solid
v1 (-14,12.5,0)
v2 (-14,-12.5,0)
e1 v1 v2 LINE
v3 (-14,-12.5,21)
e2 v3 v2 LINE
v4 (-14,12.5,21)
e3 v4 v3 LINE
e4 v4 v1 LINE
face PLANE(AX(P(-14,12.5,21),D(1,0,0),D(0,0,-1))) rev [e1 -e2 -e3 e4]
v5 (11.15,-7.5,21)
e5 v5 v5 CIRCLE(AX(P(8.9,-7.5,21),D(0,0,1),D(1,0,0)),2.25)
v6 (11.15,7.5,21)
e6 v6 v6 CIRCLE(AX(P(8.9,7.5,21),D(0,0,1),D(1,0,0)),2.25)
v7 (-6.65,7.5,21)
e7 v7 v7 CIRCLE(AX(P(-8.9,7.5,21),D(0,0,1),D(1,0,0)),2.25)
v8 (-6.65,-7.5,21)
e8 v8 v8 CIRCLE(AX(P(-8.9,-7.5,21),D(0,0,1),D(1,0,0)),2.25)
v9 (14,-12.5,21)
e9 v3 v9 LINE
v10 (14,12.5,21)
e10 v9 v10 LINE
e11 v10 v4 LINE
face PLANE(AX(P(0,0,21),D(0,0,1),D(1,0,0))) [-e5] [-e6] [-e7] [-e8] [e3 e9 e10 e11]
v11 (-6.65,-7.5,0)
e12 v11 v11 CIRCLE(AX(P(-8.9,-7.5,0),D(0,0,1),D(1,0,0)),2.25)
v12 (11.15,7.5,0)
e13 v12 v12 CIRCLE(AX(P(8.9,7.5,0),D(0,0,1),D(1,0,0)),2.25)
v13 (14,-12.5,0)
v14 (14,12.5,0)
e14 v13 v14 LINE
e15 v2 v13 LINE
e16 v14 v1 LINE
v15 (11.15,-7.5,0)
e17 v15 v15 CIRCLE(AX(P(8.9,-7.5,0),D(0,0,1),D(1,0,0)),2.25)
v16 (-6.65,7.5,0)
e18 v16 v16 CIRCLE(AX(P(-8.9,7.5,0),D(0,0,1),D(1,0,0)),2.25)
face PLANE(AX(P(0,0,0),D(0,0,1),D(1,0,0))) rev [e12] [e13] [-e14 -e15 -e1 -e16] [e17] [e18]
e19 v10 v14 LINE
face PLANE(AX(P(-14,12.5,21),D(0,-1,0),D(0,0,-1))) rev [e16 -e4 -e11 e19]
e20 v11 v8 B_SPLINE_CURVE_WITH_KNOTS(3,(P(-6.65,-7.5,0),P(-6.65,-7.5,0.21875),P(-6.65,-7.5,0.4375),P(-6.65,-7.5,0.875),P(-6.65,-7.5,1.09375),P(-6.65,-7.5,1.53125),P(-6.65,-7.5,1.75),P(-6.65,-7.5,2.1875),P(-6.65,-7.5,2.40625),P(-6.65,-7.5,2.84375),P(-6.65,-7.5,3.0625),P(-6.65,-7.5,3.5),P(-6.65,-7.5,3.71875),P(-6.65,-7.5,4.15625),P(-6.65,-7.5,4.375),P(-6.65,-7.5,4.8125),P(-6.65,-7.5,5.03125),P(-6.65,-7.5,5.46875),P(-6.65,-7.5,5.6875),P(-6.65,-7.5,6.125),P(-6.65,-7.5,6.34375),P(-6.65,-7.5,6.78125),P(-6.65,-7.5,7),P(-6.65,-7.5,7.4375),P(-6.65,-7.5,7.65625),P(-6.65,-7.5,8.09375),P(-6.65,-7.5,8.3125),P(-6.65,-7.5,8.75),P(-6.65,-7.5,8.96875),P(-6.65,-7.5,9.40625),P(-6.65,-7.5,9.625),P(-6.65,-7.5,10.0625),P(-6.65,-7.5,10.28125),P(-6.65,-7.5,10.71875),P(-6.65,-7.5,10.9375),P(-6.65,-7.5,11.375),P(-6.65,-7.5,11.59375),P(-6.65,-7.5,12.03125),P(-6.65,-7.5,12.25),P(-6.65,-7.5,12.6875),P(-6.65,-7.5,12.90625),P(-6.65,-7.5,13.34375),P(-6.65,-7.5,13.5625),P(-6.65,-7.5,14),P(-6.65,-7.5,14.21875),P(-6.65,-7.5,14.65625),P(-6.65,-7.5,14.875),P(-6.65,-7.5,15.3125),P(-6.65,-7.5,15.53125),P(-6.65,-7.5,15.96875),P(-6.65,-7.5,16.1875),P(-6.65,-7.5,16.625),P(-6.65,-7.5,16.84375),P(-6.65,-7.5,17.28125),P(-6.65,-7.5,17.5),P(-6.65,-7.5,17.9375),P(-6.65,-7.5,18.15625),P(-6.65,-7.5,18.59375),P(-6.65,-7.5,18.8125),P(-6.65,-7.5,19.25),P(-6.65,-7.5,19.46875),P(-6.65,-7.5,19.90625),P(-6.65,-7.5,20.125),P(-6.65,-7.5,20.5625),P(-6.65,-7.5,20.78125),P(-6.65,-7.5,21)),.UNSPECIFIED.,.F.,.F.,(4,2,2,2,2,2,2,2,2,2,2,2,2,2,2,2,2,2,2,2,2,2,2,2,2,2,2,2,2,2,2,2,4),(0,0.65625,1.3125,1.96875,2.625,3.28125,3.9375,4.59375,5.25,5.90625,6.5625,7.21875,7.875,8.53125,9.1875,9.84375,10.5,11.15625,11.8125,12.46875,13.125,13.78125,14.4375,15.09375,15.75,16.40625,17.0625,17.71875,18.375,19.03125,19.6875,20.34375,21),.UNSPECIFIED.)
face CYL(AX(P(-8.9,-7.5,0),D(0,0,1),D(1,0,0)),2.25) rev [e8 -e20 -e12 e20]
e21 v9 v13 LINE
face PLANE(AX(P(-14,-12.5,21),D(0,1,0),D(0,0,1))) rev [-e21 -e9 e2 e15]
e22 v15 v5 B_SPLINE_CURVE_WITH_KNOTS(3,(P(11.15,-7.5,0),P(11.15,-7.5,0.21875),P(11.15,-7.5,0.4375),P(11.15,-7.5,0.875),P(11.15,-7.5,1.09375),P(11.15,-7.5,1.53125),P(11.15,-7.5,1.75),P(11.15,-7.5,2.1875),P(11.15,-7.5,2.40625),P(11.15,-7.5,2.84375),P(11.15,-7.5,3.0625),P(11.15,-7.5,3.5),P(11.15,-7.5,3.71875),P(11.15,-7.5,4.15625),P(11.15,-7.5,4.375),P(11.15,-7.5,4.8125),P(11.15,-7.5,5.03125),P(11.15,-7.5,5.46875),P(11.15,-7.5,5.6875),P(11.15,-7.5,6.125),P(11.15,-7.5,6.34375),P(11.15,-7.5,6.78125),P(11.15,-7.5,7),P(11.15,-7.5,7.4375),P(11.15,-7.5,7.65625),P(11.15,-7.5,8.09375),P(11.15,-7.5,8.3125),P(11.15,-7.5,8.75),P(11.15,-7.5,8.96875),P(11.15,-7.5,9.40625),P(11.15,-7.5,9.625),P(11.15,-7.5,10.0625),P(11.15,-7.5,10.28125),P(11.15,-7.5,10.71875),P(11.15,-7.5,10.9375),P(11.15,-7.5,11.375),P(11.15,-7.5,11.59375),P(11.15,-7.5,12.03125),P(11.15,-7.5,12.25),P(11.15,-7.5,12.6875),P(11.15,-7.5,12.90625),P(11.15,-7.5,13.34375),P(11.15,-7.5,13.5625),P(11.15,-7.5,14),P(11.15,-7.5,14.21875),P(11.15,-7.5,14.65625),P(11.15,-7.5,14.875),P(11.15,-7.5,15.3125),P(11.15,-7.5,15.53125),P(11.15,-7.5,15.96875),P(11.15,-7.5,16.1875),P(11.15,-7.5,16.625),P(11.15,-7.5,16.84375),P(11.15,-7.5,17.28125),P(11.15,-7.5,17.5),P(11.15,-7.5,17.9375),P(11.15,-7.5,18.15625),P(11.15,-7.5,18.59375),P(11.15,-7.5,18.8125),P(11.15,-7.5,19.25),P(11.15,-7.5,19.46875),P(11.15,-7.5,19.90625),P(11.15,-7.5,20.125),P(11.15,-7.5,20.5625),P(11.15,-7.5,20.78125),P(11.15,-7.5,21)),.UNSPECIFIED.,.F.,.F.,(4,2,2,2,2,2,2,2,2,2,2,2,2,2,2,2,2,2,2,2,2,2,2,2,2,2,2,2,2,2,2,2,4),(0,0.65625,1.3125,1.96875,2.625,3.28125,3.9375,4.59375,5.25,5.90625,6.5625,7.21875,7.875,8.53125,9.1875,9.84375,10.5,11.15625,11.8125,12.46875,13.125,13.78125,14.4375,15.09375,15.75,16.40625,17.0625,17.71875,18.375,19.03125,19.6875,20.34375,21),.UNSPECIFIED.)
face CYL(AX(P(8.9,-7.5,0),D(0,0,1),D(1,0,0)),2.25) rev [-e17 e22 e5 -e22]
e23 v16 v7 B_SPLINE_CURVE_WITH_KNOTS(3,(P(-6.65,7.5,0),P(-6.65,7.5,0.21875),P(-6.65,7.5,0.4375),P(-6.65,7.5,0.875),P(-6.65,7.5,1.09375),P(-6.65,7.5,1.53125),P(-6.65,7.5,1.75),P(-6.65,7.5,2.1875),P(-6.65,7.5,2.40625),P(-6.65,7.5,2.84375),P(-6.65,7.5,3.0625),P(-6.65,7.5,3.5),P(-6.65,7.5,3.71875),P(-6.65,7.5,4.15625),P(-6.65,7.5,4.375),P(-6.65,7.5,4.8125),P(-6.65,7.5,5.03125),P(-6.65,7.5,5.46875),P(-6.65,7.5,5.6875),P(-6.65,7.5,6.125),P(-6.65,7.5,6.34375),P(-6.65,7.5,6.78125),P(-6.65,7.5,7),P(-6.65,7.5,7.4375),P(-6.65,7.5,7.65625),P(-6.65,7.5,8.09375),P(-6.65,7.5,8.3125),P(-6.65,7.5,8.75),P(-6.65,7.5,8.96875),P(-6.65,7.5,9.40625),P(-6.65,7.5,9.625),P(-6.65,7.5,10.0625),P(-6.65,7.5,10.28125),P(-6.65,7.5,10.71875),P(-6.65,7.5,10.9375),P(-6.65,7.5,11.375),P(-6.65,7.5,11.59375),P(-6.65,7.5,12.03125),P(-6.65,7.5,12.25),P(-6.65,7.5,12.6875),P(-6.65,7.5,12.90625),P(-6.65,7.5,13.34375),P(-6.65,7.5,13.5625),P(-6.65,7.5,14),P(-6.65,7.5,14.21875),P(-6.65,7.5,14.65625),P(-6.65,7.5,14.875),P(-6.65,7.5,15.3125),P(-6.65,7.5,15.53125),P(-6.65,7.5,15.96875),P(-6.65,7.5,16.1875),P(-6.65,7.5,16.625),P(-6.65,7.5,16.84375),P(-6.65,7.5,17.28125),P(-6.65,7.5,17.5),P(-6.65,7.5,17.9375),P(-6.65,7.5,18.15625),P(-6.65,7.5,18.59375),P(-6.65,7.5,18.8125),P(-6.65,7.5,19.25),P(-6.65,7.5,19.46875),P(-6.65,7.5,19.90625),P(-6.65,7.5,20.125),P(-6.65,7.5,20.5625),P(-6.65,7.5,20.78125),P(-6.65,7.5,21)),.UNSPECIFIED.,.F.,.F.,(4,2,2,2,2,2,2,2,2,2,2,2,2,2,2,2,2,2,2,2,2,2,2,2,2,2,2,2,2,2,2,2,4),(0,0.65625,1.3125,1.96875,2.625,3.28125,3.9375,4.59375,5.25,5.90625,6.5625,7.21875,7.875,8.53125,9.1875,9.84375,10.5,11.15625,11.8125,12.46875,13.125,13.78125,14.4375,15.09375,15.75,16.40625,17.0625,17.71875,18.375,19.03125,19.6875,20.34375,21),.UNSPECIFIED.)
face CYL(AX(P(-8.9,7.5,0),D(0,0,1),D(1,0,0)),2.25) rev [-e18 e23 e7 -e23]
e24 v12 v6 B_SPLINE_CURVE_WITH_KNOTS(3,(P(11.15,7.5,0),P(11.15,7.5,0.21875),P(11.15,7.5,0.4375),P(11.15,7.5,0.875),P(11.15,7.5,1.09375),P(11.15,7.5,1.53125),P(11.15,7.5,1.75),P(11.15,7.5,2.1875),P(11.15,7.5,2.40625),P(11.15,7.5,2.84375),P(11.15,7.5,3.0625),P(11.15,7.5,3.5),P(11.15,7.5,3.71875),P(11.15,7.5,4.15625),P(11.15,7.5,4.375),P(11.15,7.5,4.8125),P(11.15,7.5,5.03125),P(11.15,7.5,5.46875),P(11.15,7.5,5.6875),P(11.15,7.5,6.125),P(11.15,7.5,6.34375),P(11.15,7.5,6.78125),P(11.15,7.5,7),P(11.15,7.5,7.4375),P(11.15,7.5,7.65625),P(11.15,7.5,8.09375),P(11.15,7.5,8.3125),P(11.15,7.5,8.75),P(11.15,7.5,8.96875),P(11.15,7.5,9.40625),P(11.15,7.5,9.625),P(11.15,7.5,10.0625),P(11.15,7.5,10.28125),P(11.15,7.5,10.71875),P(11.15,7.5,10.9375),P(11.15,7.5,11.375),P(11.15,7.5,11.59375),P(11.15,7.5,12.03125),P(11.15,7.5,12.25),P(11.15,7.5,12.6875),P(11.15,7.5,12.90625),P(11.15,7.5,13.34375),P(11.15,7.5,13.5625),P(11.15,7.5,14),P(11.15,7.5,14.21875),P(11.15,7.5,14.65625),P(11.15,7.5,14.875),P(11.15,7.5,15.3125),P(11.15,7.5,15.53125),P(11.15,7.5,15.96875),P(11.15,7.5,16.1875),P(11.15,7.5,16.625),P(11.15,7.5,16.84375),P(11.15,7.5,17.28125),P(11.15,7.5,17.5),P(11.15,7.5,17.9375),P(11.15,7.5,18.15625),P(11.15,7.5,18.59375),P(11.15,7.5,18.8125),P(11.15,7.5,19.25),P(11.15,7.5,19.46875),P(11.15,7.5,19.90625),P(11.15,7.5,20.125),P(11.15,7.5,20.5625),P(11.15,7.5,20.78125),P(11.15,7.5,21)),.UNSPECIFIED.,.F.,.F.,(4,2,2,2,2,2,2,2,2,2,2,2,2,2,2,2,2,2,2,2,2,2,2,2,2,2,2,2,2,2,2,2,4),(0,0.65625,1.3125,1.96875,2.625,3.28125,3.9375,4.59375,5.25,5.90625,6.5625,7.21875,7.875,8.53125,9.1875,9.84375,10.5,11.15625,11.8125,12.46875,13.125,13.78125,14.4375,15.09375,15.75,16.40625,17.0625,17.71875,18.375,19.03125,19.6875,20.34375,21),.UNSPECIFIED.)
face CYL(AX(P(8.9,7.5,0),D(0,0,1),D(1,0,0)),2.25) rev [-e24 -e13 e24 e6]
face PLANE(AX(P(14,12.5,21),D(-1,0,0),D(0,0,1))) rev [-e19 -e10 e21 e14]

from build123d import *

# Parameters (mm, degrees)
SKETCH_1_W          = 28
SKETCH_1_H          = 25
EXTRUDE_1_DEPTH     = 21
SKETCH_2_R          = 2.25
CUT_EXTRUDE_1_DEPTH = 21


with BuildPart() as part:
    # 草图1 → 凸台-拉伸1 (new body)
    with BuildSketch(Plane.XY):
        Rectangle(SKETCH_1_W, SKETCH_1_H)
    extrude(amount=EXTRUDE_1_DEPTH)

    # 草图2 → 切除-拉伸1 (cut)
    with BuildSketch(Plane.XY.offset(21)):
        with Locations((-8.9, -7.5)):
            Circle(SKETCH_2_R)
        with Locations((8.9, -7.5)):
            Circle(SKETCH_2_R)
        with Locations((8.9, 7.5)):
            Circle(SKETCH_2_R)
        with Locations((-8.9, 7.5)):
            Circle(SKETCH_2_R)
    extrude(amount=-CUT_EXTRUDE_1_DEPTH, mode=Mode.SUBTRACT)


solid = part.part
